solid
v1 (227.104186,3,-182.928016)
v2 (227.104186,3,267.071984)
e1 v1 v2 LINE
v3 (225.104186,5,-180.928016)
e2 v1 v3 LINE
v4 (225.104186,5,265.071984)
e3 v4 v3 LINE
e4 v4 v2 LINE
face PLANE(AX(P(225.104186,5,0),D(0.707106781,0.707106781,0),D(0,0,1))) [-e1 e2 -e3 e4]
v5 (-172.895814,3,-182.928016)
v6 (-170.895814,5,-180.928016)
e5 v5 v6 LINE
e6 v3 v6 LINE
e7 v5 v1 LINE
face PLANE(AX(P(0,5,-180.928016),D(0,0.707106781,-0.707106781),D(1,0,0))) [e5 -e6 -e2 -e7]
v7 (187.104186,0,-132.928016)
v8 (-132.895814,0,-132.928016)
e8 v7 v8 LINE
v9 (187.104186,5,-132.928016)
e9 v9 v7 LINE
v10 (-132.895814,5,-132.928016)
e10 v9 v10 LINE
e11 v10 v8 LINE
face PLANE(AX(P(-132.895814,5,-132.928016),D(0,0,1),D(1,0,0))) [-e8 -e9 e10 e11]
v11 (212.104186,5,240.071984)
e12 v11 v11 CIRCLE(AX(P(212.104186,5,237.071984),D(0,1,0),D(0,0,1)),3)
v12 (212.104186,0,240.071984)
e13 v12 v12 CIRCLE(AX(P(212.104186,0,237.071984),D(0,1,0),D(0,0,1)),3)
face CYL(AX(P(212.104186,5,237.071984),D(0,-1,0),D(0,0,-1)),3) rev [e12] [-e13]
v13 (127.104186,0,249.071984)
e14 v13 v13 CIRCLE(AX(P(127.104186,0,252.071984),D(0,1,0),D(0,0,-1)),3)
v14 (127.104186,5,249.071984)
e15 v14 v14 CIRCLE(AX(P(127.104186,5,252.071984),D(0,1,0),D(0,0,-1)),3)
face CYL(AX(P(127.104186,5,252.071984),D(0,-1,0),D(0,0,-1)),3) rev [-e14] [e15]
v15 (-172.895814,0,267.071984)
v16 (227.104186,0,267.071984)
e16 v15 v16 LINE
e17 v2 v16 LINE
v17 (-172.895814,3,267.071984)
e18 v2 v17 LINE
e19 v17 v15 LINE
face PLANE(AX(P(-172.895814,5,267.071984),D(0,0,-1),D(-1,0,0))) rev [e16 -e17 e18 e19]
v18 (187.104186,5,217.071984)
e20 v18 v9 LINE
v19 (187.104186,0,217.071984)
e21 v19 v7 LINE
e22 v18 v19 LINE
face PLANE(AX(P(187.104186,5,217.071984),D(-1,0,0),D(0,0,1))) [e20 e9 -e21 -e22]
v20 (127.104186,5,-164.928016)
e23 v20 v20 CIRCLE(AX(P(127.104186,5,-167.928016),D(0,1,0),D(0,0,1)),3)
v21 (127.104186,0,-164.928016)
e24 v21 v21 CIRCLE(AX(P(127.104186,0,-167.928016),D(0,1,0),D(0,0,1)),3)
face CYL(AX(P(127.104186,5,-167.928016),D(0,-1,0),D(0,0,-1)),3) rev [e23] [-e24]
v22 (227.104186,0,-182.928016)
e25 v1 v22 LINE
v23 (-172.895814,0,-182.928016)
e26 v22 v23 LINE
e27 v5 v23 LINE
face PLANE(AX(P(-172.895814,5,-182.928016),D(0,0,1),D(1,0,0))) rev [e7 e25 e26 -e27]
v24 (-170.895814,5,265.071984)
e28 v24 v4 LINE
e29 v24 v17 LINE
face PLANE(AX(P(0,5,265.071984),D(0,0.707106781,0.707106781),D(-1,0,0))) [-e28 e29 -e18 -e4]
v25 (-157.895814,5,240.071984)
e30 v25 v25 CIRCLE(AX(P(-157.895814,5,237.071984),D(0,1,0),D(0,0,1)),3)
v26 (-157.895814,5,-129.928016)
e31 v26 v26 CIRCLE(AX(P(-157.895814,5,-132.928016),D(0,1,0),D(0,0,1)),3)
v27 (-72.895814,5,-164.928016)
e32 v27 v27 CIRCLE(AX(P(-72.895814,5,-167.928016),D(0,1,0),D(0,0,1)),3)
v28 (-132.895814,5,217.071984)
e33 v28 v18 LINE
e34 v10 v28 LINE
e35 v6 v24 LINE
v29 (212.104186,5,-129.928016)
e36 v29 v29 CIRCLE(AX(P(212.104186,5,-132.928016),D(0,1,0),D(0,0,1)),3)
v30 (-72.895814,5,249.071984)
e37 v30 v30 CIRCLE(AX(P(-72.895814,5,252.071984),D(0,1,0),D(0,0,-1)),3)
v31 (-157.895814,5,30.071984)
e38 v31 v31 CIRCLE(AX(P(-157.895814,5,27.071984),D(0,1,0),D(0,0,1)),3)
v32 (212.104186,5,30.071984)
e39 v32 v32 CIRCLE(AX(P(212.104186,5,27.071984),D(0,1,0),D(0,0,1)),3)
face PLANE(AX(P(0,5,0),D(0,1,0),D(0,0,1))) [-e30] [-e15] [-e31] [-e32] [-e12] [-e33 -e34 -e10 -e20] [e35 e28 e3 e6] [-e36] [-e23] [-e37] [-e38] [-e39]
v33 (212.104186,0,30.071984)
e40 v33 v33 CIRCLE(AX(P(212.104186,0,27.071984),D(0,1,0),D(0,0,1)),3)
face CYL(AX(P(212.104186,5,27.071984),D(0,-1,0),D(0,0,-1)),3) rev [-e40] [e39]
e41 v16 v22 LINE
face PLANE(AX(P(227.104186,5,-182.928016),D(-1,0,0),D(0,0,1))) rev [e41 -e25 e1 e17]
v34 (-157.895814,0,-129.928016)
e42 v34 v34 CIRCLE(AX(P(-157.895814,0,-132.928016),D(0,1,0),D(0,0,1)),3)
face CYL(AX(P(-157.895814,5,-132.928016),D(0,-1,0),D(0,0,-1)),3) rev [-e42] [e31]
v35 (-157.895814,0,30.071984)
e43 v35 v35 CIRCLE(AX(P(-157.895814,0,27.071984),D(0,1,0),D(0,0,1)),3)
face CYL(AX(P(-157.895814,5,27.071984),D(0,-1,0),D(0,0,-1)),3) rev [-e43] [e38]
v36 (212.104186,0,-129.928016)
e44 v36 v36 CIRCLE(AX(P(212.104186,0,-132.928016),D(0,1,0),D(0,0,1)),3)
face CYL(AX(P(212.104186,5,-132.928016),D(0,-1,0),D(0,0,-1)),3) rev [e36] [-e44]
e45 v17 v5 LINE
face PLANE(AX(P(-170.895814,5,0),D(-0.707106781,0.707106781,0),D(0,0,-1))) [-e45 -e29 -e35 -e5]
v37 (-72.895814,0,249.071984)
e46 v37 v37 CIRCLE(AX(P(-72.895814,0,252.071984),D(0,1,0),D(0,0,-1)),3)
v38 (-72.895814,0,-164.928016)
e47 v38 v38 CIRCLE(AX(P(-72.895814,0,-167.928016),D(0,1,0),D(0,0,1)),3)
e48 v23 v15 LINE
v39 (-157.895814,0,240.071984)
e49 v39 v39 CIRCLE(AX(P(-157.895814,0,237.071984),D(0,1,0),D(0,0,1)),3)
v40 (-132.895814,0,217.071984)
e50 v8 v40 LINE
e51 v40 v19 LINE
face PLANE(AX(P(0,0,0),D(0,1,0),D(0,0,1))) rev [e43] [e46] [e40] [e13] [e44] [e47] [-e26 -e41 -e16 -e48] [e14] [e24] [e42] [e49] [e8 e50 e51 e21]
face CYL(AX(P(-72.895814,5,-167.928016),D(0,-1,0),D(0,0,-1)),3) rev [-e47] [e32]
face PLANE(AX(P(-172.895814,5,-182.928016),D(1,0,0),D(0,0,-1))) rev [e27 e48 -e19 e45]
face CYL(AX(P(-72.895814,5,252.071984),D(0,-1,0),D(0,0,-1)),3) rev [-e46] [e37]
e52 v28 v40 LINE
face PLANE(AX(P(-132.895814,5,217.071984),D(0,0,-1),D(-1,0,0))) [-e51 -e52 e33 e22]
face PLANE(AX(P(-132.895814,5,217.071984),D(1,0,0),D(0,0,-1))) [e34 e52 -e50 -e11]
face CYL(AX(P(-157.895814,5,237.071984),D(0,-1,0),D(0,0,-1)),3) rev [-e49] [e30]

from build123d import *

# Parameters (mm, degrees)
CROQUIS1_W              = 400
CROQUIS1_H              = 450
CROQUIS1_R              = 3
CROQUIS1_W_2            = 320
CROQUIS1_H_2            = 350
SALIENTE_EXTRUIR1_DEPTH = 5
CHAFL_N1_SIZE           = 2


with BuildPart() as part:
    # Croquis1 → Saliente-Extruir1 (new body)
    with BuildSketch(Plane(origin=(0, 0, 0), x_dir=(1, 0, 0), z_dir=(0, 1, 0))):
        with Locations((27.104186234, -42.071984436)):
            Rectangle(CROQUIS1_W, CROQUIS1_H)
        with Locations(Location((-157.895813766, 132.928015564, 0), (0, 0, 270))):
            Circle(CROQUIS1_R, mode=Mode.SUBTRACT)
        with Locations(Location((-157.895813766, -237.071984436, 0), (0, 0, 270))):
            Circle(CROQUIS1_R, mode=Mode.SUBTRACT)
        with Locations(Location((212.104186234, -237.071984436, 0), (0, 0, 270))):
            Circle(CROQUIS1_R, mode=Mode.SUBTRACT)
        with Locations(Location((212.104186234, 132.928015564, 0), (0, 0, 270))):
            Circle(CROQUIS1_R, mode=Mode.SUBTRACT)
        with Locations(Location((-157.895813766, -27.071984436, 0), (0, 0, 270))):
            Circle(CROQUIS1_R, mode=Mode.SUBTRACT)
        with Locations(Location((212.104186234, -27.071984436, 0), (0, 0, 270))):
            Circle(CROQUIS1_R, mode=Mode.SUBTRACT)
        with Locations(Location((-72.895813766, 167.928015564, 0), (0, 0, 270))):
            Circle(CROQUIS1_R, mode=Mode.SUBTRACT)
        with Locations(Location((127.104186234, 167.928015564, 0), (0, 0, 270))):
            Circle(CROQUIS1_R, mode=Mode.SUBTRACT)
        with Locations(Location((127.104186234, -252.071984436, 0), (0, 0, 90))):
            Circle(CROQUIS1_R, mode=Mode.SUBTRACT)
        with Locations(Location((-72.895813766, -252.071984436, 0), (0, 0, 90))):
            Circle(CROQUIS1_R, mode=Mode.SUBTRACT)
        with Locations((27.104186234, -42.071984436)):
            Rectangle(CROQUIS1_W_2, CROQUIS1_H_2, mode=Mode.SUBTRACT)
    extrude(amount=SALIENTE_EXTRUIR1_DEPTH)

    # Chaflán1
    chafl_n1_edges = [part.edges().sort_by_distance(p)[0] for p in [
        (227.104186234, 5, 42.071984436),
        (27.104186234, 5, -182.928015564),
        (-172.895813766, 5, 42.071984436),
        (27.104186234, 5, 267.071984436),
    ]]
    chamfer(chafl_n1_edges, length=CHAFL_N1_SIZE)


solid = part.part
